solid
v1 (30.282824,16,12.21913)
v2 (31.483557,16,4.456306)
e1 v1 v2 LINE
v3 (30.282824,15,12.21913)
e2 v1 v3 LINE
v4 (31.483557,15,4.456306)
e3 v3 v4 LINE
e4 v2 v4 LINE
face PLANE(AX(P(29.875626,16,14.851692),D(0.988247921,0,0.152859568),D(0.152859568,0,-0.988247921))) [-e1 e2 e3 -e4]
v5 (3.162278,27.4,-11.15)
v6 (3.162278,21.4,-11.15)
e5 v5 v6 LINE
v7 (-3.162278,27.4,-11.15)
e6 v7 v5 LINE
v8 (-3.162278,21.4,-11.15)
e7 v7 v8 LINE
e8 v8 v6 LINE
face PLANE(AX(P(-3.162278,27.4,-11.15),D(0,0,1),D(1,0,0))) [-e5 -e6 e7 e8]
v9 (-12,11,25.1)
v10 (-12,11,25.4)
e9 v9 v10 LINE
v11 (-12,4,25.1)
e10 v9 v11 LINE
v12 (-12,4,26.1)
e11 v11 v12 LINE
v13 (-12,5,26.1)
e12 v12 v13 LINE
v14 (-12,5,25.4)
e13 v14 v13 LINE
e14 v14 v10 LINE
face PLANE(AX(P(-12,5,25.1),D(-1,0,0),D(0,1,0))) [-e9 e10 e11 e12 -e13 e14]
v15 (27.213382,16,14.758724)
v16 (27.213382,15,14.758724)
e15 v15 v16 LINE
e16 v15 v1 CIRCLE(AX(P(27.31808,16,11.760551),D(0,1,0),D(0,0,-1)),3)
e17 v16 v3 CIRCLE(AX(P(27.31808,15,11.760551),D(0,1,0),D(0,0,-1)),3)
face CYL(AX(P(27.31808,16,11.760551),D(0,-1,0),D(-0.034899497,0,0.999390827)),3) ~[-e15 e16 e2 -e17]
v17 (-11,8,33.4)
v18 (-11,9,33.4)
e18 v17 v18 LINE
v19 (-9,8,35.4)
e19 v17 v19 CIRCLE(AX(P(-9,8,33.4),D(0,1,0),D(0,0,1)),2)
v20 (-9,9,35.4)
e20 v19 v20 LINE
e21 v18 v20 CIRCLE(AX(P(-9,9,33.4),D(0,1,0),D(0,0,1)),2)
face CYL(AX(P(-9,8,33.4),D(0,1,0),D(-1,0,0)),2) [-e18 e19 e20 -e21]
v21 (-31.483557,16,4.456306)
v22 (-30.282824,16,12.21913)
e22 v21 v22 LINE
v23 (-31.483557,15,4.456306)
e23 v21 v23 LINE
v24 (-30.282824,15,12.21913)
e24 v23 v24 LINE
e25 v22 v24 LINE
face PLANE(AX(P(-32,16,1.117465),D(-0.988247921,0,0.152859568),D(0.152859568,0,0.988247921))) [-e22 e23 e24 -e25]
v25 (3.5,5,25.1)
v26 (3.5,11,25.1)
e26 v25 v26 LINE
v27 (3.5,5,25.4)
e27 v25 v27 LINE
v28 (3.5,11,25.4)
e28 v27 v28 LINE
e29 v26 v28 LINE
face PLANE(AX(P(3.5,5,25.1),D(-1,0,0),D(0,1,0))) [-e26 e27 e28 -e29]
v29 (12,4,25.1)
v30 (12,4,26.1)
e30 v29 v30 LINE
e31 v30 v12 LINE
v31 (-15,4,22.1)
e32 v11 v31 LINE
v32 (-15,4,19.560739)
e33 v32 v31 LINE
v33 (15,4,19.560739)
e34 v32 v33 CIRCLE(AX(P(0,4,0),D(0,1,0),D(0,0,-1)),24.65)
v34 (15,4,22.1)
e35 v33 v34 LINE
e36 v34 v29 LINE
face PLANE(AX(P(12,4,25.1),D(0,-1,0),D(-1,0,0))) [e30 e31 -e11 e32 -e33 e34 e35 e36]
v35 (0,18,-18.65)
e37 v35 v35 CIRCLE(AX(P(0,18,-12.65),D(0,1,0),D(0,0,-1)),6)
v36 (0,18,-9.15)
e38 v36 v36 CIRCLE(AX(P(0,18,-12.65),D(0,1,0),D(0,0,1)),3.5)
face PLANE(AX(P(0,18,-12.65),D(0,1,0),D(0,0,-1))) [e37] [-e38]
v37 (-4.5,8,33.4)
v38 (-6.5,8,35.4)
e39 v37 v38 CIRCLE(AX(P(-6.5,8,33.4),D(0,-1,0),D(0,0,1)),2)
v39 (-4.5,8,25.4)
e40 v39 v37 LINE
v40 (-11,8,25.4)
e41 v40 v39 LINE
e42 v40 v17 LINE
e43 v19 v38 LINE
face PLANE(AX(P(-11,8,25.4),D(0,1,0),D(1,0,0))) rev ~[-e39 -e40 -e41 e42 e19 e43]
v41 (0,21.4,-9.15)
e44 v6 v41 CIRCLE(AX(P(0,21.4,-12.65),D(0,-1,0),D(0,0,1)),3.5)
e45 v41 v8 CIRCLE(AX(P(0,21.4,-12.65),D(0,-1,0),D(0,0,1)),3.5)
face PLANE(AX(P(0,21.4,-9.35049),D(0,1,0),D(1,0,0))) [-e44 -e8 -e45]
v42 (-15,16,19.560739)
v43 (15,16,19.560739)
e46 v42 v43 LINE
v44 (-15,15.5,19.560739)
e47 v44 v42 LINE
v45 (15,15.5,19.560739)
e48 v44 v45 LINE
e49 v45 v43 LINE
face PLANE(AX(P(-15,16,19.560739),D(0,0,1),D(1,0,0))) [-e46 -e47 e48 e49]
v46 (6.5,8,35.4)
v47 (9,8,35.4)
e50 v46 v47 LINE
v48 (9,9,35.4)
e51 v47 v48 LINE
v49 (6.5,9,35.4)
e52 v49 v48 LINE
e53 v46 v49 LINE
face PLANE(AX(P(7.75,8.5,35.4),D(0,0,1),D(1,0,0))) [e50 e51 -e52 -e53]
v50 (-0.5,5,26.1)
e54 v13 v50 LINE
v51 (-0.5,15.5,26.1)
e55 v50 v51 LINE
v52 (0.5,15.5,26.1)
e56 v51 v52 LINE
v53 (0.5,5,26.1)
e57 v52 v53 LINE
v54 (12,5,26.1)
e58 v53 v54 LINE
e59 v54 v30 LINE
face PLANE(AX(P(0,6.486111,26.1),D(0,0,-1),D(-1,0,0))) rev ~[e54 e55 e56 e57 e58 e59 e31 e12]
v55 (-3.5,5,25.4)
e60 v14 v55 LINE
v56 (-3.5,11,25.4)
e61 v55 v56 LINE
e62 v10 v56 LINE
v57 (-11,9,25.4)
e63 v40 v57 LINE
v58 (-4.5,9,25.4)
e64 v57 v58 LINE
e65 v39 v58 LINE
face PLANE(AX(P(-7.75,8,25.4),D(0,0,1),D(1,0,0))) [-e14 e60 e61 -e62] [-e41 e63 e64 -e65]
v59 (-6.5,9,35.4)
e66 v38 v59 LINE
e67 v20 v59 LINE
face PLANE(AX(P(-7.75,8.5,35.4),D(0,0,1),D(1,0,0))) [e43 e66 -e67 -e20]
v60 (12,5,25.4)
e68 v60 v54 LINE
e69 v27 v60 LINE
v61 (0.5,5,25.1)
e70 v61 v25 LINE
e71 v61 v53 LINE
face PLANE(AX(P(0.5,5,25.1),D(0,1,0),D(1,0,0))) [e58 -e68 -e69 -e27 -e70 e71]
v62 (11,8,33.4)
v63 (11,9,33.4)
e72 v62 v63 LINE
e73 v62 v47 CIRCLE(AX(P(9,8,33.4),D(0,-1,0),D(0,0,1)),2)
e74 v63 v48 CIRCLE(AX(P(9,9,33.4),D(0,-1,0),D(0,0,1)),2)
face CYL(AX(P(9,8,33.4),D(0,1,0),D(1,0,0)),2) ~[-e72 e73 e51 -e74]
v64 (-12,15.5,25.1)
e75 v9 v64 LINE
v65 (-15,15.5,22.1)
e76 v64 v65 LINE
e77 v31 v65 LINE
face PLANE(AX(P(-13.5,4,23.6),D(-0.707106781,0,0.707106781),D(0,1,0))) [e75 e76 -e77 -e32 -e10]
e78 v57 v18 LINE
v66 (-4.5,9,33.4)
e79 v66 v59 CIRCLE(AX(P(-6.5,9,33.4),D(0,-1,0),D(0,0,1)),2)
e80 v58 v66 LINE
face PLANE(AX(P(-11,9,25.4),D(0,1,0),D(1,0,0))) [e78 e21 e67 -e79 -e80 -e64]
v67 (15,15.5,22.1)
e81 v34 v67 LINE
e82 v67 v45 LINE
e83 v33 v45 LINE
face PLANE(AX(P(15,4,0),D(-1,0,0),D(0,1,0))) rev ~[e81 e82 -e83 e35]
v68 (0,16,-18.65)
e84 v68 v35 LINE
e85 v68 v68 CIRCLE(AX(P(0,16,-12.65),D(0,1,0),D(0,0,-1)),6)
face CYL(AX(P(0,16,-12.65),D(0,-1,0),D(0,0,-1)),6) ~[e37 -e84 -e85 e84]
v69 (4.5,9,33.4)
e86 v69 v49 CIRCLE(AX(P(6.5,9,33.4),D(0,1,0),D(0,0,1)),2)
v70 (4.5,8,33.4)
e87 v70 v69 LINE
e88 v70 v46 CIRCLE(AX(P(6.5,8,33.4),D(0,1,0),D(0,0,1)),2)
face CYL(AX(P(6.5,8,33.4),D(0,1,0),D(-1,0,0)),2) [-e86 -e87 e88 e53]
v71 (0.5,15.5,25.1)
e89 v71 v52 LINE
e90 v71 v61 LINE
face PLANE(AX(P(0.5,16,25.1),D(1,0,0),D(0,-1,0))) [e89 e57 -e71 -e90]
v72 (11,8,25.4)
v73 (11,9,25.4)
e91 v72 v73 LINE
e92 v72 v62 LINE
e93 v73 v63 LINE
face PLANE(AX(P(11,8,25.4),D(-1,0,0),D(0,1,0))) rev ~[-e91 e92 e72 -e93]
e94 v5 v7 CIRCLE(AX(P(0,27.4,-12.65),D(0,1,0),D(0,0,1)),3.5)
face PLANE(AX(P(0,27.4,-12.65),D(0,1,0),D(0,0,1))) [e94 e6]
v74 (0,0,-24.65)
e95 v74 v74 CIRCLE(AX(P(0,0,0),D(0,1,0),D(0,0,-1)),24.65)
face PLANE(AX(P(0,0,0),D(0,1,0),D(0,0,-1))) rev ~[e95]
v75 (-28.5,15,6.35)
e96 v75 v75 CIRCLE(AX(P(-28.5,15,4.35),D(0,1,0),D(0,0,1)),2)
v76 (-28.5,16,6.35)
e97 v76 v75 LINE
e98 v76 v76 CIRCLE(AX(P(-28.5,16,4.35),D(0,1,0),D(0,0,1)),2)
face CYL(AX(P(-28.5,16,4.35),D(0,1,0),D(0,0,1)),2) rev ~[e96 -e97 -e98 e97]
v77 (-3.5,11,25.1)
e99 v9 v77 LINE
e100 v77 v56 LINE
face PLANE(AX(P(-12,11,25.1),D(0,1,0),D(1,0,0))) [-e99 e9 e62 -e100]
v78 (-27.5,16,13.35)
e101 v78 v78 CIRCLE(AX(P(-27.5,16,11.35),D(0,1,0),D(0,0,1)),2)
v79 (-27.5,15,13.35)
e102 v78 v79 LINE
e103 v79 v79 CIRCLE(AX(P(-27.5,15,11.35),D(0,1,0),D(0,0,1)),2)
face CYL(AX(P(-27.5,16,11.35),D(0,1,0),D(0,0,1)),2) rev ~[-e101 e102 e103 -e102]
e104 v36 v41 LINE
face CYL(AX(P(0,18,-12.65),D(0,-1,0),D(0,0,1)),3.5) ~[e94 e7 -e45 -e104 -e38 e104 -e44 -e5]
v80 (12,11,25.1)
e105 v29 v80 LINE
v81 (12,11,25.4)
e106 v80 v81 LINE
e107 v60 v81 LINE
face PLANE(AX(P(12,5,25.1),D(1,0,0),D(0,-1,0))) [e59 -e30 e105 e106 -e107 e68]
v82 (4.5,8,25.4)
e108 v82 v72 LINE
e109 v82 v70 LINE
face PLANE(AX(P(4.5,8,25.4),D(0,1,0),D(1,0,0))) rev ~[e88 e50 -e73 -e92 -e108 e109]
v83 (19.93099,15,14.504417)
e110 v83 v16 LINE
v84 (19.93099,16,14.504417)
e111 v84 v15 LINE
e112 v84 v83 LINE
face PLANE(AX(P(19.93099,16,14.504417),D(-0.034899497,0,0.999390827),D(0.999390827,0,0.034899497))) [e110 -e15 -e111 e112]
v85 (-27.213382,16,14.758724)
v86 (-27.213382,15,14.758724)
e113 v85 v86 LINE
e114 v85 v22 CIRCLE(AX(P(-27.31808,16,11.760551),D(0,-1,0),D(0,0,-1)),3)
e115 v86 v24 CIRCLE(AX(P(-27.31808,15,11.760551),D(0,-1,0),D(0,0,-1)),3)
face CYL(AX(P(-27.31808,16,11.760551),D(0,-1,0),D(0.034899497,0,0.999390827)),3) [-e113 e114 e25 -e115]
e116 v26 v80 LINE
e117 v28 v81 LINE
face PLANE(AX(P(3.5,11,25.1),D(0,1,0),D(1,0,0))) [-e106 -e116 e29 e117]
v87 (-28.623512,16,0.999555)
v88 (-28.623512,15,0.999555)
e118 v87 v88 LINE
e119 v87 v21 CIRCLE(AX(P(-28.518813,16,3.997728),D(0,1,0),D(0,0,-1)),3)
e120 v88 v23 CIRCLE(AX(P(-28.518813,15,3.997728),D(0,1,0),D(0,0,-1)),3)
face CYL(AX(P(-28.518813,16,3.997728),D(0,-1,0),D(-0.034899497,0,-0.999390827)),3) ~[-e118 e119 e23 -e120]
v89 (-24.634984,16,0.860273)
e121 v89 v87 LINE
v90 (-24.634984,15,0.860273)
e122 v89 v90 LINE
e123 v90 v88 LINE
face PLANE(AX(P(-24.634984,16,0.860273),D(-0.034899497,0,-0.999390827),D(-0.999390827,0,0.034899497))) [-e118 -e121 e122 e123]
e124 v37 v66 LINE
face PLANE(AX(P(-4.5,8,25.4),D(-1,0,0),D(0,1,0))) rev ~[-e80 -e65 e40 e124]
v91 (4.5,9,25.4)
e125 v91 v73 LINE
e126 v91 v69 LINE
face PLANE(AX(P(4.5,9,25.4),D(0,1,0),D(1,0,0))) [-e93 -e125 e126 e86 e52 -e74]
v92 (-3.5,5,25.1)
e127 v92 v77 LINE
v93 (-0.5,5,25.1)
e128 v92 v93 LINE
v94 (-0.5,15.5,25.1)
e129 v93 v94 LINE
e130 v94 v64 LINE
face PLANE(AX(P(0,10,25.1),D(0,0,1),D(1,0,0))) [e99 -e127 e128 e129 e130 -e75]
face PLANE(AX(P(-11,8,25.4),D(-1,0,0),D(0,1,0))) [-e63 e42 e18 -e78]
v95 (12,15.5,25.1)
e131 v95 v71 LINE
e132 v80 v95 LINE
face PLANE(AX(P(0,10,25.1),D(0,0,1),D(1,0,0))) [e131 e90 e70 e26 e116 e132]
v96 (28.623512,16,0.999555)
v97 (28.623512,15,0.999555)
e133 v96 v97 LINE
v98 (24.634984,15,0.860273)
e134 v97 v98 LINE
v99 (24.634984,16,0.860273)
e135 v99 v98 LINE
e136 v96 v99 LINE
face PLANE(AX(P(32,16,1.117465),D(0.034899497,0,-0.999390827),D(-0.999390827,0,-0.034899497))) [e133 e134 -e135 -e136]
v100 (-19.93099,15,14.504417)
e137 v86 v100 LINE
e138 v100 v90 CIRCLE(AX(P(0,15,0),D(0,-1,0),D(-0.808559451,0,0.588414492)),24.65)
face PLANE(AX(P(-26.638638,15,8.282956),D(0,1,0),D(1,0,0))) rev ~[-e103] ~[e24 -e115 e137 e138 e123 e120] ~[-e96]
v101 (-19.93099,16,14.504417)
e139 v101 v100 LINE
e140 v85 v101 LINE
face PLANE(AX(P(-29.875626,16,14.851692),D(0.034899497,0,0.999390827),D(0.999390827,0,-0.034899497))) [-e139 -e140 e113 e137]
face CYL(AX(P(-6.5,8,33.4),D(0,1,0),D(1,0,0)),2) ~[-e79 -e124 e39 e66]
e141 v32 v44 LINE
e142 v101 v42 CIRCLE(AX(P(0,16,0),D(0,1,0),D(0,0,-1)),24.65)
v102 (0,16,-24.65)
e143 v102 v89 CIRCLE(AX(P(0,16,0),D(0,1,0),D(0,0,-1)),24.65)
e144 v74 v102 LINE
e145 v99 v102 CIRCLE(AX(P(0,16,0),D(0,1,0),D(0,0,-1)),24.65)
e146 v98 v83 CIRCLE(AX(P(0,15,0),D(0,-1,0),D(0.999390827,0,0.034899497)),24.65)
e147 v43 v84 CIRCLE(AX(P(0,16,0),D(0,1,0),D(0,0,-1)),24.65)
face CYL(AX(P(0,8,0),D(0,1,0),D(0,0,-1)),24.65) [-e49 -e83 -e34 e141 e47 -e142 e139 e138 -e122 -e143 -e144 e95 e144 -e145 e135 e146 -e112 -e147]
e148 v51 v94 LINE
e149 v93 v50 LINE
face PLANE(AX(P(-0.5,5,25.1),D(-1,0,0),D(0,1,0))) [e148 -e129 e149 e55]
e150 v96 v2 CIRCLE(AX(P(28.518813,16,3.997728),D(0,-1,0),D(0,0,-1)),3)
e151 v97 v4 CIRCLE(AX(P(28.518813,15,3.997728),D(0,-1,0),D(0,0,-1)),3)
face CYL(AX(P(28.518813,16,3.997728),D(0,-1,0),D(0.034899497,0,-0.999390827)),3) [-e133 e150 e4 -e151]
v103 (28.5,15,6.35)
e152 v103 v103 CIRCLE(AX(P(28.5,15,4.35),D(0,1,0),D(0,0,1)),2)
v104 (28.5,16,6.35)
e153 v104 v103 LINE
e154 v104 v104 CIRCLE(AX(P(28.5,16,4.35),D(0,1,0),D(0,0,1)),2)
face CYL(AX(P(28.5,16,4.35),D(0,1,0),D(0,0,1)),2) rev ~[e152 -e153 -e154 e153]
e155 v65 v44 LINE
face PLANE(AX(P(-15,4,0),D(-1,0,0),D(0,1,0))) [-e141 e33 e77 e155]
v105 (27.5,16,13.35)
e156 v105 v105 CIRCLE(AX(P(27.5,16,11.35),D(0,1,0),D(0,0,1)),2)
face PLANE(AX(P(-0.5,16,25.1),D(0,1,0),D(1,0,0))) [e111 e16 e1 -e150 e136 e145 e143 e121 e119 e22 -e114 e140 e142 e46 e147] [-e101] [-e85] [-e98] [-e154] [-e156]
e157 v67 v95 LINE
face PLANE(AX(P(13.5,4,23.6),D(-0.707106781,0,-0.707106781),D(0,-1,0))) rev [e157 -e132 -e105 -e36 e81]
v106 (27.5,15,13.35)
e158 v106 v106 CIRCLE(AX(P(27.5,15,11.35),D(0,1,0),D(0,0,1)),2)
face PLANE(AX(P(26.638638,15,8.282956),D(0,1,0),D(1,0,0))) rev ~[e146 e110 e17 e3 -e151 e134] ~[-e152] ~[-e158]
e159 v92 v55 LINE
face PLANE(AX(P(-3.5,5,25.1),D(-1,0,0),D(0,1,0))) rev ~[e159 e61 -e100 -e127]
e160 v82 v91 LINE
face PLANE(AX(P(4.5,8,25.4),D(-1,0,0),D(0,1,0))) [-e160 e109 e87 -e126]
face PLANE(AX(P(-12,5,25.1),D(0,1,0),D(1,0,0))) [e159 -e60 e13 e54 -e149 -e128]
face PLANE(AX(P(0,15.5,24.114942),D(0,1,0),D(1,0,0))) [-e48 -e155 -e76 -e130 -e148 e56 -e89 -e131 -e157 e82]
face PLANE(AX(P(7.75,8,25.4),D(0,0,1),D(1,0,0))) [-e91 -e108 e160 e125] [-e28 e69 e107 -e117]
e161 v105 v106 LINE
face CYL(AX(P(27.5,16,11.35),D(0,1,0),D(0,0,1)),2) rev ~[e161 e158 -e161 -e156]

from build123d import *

# Parameters (mm, degrees)
ESBO_O1_W       = 24.65
ESBO_O1_H       = 16
ESBO_O2_W       = 30
ESBO_O2_H       = 12
EXTRUS_O1_DEPTH = 25.1
CHANFRO1_SIZE   = 3
EXTRUS_O2_DEPTH = 1
ESBO_O5_W       = 8.5
ESBO_O5_H       = 6
EXTRUS_O3_DEPTH = 0.3
ESBO_O6_W       = 6.5
ESBO_O6_H       = 1
EXTRUS_O4_DEPTH = 10
ESBO_O7_R       = 2
EXTRUS_O5_DEPTH = 1
FILETE1_R       = 3
ESBO_O8_R       = 6
EXTRUS_O6_DEPTH = 2
ESBO_O9_R       = 3.5
EXTRUS_O7_DEPTH = 9.4
ESBO_O10_W      = 6.32455532
ESBO_O10_H      = 3.599019514
EXTRUS_O8_DEPTH = 6
ESBO_O11_W      = 30
ESBO_O11_H      = 9.10840564
EXTRUS_O9_DEPTH = 0.5
FILETE2_R       = 2


with BuildPart() as part:
    # Esboço1 → Revolução1 (revolve)
    with BuildSketch(Plane.XY, mode=Mode.PRIVATE) as revolu_o1_sk:
        with Locations((-12.325, 8)):
            Rectangle(ESBO_O1_W, ESBO_O1_H)
    revolve(revolu_o1_sk.sketch.rotate(Axis((0, 0, 0), (0, 1, 0)), 270), axis=Axis((0, 0, 0), (0, 1, 0)))

    # Esboço2 → Extrusão1 (add)
    with BuildSketch(Plane.XY):
        with Locations((0, 10)):
            Rectangle(ESBO_O2_W, ESBO_O2_H)
    extrude(amount=EXTRUS_O1_DEPTH)

    # Chanfro1
    chanfro1_edges = [part.edges().sort_by_distance(p)[0] for p in [
        (-15, 10, 25.1),
        (15, 10, 25.1),
    ]]
    chamfer(chanfro1_edges, length=CHANFRO1_SIZE)

    # Esboço4 → Extrusão2 (add)
    with BuildSketch(Plane.XY.offset(25.1)):
        Polygon((-12, 5), (-0.5, 5), (-0.5, 16), (0.5, 16), (0.5, 5), (12, 5), (12, 4), (-12, 4), align=None)
    extrude(amount=EXTRUS_O2_DEPTH)

    # Esboço5 → Extrusão3 (add)
    with BuildSketch(Plane.XY.offset(25.1)):
        with Locations((-7.75, 8)):
            Rectangle(ESBO_O5_W, ESBO_O5_H)
        with Locations((7.75, 8)):
            Rectangle(ESBO_O5_W, ESBO_O5_H)
    extrude(amount=EXTRUS_O3_DEPTH)

    # Esboço6 → Extrusão4 (add)
    with BuildSketch(Plane.XY.offset(25.4)):
        with Locations((-7.75, 8.5)):
            Rectangle(ESBO_O6_W, ESBO_O6_H)
        with Locations((7.75, 8.5)):
            Rectangle(ESBO_O6_W, ESBO_O6_H)
    extrude(amount=EXTRUS_O4_DEPTH)

    # Esboço7 → Extrusão5 (add)
    # profile 1 of 2: a face of its own
    with BuildSketch(Plane(origin=(0, 16, 0), x_dir=(1, 0, 0), z_dir=(0, 1, 0))):
        with BuildLine():
            ThreePointArc((-19.930990459, -14.504417235), (-23.303909287, -8.034320875), (-24.634983886, -0.860272594))
            Line((-24.634983886, -0.860272594), (-32, -1.117464624))
            Line((-32, -1.117464624), (-29.875626197, -14.851691567))
            Line((-29.875626197, -14.851691567), (-19.930990459, -14.504417235))
        make_face()
        with Locations(Location((-27.5, -11.35, 0), (0, 0, 270))):
            Circle(ESBO_O7_R, mode=Mode.SUBTRACT)
        with Locations(Location((-28.5, -4.35, 0), (0, 0, 270))):
            Circle(ESBO_O7_R, mode=Mode.SUBTRACT)
    # profile 2 of 2: a face of its own
    with BuildSketch(Plane(origin=(0, 16, 0), x_dir=(1, 0, 0), z_dir=(0, 1, 0))):
        with BuildLine():
            Line((32, -1.117464624), (24.634983886, -0.860272594))
            ThreePointArc((24.634983886, -0.860272594), (23.303909287, -8.034320875), (19.930990459, -14.504417235))
            Line((19.930990459, -14.504417235), (29.875626197, -14.851691567))
            Line((29.875626197, -14.851691567), (32, -1.117464624))
        make_face()
        with Locations(Location((27.5, -11.35, 0), (0, 0, 270))):
            Circle(ESBO_O7_R, mode=Mode.SUBTRACT)
        with Locations(Location((28.5, -4.35, 0), (0, 0, 270))):
            Circle(ESBO_O7_R, mode=Mode.SUBTRACT)
    extrude(amount=-EXTRUS_O5_DEPTH)

    # Filete1
    filete1_edges = [part.edges().sort_by_distance(p)[0] for p in [
        (-32, 15.5, 1.117464624),
        (-29.875626197, 15.5, 14.851691567),
        (32, 15.5, 1.117464624),
        (29.875626197, 15.5, 14.851691567),
    ]]
    fillet(filete1_edges, radius=FILETE1_R)

    # Esboço8 → Extrusão6 (add)
    with BuildSketch(Plane(origin=(0, 16, 0), x_dir=(1, 0, 0), z_dir=(0, 1, 0))):
        with Locations(Location((0, 12.65, 0), (0, 0, 90))):
            Circle(ESBO_O8_R)
    extrude(amount=EXTRUS_O6_DEPTH)

    # Esboço9 → Extrusão7 (add)
    with BuildSketch(Plane(origin=(0, 18, 0), x_dir=(1, 0, 0), z_dir=(0, 1, 0))):
        with Locations(Location((0, 12.65, 0), (0, 0, 270))):
            Circle(ESBO_O9_R)
    extrude(amount=EXTRUS_O7_DEPTH)

    # Esboço10 → Extrusão8 (cut)
    with BuildSketch(Plane(origin=(0, 27.4, 0), x_dir=(1, 0, 0), z_dir=(0, 1, 0))):
        with Locations((0, 9.350490243)):
            Rectangle(ESBO_O10_W, ESBO_O10_H)
    extrude(amount=-EXTRUS_O8_DEPTH, mode=Mode.SUBTRACT)

    # Esboço11 → Extrusão9 (cut)
    with BuildSketch(Plane(origin=(0, 16, 0), x_dir=(1, 0, 0), z_dir=(0, 1, 0))):
        with Locations((0, -24.114941559)):
            Rectangle(ESBO_O11_W, ESBO_O11_H)
    extrude(amount=-EXTRUS_O9_DEPTH, mode=Mode.SUBTRACT)

    # Filete2
    filete2_edges = [part.edges().sort_by_distance(p)[0] for p in [
        (4.5, 8.5, 35.4),
        (11, 8.5, 35.4),
        (-11, 8.5, 35.4),
        (-4.5, 8.5, 35.4),
    ]]
    fillet(filete2_edges, radius=FILETE2_R)


solid = part.part
